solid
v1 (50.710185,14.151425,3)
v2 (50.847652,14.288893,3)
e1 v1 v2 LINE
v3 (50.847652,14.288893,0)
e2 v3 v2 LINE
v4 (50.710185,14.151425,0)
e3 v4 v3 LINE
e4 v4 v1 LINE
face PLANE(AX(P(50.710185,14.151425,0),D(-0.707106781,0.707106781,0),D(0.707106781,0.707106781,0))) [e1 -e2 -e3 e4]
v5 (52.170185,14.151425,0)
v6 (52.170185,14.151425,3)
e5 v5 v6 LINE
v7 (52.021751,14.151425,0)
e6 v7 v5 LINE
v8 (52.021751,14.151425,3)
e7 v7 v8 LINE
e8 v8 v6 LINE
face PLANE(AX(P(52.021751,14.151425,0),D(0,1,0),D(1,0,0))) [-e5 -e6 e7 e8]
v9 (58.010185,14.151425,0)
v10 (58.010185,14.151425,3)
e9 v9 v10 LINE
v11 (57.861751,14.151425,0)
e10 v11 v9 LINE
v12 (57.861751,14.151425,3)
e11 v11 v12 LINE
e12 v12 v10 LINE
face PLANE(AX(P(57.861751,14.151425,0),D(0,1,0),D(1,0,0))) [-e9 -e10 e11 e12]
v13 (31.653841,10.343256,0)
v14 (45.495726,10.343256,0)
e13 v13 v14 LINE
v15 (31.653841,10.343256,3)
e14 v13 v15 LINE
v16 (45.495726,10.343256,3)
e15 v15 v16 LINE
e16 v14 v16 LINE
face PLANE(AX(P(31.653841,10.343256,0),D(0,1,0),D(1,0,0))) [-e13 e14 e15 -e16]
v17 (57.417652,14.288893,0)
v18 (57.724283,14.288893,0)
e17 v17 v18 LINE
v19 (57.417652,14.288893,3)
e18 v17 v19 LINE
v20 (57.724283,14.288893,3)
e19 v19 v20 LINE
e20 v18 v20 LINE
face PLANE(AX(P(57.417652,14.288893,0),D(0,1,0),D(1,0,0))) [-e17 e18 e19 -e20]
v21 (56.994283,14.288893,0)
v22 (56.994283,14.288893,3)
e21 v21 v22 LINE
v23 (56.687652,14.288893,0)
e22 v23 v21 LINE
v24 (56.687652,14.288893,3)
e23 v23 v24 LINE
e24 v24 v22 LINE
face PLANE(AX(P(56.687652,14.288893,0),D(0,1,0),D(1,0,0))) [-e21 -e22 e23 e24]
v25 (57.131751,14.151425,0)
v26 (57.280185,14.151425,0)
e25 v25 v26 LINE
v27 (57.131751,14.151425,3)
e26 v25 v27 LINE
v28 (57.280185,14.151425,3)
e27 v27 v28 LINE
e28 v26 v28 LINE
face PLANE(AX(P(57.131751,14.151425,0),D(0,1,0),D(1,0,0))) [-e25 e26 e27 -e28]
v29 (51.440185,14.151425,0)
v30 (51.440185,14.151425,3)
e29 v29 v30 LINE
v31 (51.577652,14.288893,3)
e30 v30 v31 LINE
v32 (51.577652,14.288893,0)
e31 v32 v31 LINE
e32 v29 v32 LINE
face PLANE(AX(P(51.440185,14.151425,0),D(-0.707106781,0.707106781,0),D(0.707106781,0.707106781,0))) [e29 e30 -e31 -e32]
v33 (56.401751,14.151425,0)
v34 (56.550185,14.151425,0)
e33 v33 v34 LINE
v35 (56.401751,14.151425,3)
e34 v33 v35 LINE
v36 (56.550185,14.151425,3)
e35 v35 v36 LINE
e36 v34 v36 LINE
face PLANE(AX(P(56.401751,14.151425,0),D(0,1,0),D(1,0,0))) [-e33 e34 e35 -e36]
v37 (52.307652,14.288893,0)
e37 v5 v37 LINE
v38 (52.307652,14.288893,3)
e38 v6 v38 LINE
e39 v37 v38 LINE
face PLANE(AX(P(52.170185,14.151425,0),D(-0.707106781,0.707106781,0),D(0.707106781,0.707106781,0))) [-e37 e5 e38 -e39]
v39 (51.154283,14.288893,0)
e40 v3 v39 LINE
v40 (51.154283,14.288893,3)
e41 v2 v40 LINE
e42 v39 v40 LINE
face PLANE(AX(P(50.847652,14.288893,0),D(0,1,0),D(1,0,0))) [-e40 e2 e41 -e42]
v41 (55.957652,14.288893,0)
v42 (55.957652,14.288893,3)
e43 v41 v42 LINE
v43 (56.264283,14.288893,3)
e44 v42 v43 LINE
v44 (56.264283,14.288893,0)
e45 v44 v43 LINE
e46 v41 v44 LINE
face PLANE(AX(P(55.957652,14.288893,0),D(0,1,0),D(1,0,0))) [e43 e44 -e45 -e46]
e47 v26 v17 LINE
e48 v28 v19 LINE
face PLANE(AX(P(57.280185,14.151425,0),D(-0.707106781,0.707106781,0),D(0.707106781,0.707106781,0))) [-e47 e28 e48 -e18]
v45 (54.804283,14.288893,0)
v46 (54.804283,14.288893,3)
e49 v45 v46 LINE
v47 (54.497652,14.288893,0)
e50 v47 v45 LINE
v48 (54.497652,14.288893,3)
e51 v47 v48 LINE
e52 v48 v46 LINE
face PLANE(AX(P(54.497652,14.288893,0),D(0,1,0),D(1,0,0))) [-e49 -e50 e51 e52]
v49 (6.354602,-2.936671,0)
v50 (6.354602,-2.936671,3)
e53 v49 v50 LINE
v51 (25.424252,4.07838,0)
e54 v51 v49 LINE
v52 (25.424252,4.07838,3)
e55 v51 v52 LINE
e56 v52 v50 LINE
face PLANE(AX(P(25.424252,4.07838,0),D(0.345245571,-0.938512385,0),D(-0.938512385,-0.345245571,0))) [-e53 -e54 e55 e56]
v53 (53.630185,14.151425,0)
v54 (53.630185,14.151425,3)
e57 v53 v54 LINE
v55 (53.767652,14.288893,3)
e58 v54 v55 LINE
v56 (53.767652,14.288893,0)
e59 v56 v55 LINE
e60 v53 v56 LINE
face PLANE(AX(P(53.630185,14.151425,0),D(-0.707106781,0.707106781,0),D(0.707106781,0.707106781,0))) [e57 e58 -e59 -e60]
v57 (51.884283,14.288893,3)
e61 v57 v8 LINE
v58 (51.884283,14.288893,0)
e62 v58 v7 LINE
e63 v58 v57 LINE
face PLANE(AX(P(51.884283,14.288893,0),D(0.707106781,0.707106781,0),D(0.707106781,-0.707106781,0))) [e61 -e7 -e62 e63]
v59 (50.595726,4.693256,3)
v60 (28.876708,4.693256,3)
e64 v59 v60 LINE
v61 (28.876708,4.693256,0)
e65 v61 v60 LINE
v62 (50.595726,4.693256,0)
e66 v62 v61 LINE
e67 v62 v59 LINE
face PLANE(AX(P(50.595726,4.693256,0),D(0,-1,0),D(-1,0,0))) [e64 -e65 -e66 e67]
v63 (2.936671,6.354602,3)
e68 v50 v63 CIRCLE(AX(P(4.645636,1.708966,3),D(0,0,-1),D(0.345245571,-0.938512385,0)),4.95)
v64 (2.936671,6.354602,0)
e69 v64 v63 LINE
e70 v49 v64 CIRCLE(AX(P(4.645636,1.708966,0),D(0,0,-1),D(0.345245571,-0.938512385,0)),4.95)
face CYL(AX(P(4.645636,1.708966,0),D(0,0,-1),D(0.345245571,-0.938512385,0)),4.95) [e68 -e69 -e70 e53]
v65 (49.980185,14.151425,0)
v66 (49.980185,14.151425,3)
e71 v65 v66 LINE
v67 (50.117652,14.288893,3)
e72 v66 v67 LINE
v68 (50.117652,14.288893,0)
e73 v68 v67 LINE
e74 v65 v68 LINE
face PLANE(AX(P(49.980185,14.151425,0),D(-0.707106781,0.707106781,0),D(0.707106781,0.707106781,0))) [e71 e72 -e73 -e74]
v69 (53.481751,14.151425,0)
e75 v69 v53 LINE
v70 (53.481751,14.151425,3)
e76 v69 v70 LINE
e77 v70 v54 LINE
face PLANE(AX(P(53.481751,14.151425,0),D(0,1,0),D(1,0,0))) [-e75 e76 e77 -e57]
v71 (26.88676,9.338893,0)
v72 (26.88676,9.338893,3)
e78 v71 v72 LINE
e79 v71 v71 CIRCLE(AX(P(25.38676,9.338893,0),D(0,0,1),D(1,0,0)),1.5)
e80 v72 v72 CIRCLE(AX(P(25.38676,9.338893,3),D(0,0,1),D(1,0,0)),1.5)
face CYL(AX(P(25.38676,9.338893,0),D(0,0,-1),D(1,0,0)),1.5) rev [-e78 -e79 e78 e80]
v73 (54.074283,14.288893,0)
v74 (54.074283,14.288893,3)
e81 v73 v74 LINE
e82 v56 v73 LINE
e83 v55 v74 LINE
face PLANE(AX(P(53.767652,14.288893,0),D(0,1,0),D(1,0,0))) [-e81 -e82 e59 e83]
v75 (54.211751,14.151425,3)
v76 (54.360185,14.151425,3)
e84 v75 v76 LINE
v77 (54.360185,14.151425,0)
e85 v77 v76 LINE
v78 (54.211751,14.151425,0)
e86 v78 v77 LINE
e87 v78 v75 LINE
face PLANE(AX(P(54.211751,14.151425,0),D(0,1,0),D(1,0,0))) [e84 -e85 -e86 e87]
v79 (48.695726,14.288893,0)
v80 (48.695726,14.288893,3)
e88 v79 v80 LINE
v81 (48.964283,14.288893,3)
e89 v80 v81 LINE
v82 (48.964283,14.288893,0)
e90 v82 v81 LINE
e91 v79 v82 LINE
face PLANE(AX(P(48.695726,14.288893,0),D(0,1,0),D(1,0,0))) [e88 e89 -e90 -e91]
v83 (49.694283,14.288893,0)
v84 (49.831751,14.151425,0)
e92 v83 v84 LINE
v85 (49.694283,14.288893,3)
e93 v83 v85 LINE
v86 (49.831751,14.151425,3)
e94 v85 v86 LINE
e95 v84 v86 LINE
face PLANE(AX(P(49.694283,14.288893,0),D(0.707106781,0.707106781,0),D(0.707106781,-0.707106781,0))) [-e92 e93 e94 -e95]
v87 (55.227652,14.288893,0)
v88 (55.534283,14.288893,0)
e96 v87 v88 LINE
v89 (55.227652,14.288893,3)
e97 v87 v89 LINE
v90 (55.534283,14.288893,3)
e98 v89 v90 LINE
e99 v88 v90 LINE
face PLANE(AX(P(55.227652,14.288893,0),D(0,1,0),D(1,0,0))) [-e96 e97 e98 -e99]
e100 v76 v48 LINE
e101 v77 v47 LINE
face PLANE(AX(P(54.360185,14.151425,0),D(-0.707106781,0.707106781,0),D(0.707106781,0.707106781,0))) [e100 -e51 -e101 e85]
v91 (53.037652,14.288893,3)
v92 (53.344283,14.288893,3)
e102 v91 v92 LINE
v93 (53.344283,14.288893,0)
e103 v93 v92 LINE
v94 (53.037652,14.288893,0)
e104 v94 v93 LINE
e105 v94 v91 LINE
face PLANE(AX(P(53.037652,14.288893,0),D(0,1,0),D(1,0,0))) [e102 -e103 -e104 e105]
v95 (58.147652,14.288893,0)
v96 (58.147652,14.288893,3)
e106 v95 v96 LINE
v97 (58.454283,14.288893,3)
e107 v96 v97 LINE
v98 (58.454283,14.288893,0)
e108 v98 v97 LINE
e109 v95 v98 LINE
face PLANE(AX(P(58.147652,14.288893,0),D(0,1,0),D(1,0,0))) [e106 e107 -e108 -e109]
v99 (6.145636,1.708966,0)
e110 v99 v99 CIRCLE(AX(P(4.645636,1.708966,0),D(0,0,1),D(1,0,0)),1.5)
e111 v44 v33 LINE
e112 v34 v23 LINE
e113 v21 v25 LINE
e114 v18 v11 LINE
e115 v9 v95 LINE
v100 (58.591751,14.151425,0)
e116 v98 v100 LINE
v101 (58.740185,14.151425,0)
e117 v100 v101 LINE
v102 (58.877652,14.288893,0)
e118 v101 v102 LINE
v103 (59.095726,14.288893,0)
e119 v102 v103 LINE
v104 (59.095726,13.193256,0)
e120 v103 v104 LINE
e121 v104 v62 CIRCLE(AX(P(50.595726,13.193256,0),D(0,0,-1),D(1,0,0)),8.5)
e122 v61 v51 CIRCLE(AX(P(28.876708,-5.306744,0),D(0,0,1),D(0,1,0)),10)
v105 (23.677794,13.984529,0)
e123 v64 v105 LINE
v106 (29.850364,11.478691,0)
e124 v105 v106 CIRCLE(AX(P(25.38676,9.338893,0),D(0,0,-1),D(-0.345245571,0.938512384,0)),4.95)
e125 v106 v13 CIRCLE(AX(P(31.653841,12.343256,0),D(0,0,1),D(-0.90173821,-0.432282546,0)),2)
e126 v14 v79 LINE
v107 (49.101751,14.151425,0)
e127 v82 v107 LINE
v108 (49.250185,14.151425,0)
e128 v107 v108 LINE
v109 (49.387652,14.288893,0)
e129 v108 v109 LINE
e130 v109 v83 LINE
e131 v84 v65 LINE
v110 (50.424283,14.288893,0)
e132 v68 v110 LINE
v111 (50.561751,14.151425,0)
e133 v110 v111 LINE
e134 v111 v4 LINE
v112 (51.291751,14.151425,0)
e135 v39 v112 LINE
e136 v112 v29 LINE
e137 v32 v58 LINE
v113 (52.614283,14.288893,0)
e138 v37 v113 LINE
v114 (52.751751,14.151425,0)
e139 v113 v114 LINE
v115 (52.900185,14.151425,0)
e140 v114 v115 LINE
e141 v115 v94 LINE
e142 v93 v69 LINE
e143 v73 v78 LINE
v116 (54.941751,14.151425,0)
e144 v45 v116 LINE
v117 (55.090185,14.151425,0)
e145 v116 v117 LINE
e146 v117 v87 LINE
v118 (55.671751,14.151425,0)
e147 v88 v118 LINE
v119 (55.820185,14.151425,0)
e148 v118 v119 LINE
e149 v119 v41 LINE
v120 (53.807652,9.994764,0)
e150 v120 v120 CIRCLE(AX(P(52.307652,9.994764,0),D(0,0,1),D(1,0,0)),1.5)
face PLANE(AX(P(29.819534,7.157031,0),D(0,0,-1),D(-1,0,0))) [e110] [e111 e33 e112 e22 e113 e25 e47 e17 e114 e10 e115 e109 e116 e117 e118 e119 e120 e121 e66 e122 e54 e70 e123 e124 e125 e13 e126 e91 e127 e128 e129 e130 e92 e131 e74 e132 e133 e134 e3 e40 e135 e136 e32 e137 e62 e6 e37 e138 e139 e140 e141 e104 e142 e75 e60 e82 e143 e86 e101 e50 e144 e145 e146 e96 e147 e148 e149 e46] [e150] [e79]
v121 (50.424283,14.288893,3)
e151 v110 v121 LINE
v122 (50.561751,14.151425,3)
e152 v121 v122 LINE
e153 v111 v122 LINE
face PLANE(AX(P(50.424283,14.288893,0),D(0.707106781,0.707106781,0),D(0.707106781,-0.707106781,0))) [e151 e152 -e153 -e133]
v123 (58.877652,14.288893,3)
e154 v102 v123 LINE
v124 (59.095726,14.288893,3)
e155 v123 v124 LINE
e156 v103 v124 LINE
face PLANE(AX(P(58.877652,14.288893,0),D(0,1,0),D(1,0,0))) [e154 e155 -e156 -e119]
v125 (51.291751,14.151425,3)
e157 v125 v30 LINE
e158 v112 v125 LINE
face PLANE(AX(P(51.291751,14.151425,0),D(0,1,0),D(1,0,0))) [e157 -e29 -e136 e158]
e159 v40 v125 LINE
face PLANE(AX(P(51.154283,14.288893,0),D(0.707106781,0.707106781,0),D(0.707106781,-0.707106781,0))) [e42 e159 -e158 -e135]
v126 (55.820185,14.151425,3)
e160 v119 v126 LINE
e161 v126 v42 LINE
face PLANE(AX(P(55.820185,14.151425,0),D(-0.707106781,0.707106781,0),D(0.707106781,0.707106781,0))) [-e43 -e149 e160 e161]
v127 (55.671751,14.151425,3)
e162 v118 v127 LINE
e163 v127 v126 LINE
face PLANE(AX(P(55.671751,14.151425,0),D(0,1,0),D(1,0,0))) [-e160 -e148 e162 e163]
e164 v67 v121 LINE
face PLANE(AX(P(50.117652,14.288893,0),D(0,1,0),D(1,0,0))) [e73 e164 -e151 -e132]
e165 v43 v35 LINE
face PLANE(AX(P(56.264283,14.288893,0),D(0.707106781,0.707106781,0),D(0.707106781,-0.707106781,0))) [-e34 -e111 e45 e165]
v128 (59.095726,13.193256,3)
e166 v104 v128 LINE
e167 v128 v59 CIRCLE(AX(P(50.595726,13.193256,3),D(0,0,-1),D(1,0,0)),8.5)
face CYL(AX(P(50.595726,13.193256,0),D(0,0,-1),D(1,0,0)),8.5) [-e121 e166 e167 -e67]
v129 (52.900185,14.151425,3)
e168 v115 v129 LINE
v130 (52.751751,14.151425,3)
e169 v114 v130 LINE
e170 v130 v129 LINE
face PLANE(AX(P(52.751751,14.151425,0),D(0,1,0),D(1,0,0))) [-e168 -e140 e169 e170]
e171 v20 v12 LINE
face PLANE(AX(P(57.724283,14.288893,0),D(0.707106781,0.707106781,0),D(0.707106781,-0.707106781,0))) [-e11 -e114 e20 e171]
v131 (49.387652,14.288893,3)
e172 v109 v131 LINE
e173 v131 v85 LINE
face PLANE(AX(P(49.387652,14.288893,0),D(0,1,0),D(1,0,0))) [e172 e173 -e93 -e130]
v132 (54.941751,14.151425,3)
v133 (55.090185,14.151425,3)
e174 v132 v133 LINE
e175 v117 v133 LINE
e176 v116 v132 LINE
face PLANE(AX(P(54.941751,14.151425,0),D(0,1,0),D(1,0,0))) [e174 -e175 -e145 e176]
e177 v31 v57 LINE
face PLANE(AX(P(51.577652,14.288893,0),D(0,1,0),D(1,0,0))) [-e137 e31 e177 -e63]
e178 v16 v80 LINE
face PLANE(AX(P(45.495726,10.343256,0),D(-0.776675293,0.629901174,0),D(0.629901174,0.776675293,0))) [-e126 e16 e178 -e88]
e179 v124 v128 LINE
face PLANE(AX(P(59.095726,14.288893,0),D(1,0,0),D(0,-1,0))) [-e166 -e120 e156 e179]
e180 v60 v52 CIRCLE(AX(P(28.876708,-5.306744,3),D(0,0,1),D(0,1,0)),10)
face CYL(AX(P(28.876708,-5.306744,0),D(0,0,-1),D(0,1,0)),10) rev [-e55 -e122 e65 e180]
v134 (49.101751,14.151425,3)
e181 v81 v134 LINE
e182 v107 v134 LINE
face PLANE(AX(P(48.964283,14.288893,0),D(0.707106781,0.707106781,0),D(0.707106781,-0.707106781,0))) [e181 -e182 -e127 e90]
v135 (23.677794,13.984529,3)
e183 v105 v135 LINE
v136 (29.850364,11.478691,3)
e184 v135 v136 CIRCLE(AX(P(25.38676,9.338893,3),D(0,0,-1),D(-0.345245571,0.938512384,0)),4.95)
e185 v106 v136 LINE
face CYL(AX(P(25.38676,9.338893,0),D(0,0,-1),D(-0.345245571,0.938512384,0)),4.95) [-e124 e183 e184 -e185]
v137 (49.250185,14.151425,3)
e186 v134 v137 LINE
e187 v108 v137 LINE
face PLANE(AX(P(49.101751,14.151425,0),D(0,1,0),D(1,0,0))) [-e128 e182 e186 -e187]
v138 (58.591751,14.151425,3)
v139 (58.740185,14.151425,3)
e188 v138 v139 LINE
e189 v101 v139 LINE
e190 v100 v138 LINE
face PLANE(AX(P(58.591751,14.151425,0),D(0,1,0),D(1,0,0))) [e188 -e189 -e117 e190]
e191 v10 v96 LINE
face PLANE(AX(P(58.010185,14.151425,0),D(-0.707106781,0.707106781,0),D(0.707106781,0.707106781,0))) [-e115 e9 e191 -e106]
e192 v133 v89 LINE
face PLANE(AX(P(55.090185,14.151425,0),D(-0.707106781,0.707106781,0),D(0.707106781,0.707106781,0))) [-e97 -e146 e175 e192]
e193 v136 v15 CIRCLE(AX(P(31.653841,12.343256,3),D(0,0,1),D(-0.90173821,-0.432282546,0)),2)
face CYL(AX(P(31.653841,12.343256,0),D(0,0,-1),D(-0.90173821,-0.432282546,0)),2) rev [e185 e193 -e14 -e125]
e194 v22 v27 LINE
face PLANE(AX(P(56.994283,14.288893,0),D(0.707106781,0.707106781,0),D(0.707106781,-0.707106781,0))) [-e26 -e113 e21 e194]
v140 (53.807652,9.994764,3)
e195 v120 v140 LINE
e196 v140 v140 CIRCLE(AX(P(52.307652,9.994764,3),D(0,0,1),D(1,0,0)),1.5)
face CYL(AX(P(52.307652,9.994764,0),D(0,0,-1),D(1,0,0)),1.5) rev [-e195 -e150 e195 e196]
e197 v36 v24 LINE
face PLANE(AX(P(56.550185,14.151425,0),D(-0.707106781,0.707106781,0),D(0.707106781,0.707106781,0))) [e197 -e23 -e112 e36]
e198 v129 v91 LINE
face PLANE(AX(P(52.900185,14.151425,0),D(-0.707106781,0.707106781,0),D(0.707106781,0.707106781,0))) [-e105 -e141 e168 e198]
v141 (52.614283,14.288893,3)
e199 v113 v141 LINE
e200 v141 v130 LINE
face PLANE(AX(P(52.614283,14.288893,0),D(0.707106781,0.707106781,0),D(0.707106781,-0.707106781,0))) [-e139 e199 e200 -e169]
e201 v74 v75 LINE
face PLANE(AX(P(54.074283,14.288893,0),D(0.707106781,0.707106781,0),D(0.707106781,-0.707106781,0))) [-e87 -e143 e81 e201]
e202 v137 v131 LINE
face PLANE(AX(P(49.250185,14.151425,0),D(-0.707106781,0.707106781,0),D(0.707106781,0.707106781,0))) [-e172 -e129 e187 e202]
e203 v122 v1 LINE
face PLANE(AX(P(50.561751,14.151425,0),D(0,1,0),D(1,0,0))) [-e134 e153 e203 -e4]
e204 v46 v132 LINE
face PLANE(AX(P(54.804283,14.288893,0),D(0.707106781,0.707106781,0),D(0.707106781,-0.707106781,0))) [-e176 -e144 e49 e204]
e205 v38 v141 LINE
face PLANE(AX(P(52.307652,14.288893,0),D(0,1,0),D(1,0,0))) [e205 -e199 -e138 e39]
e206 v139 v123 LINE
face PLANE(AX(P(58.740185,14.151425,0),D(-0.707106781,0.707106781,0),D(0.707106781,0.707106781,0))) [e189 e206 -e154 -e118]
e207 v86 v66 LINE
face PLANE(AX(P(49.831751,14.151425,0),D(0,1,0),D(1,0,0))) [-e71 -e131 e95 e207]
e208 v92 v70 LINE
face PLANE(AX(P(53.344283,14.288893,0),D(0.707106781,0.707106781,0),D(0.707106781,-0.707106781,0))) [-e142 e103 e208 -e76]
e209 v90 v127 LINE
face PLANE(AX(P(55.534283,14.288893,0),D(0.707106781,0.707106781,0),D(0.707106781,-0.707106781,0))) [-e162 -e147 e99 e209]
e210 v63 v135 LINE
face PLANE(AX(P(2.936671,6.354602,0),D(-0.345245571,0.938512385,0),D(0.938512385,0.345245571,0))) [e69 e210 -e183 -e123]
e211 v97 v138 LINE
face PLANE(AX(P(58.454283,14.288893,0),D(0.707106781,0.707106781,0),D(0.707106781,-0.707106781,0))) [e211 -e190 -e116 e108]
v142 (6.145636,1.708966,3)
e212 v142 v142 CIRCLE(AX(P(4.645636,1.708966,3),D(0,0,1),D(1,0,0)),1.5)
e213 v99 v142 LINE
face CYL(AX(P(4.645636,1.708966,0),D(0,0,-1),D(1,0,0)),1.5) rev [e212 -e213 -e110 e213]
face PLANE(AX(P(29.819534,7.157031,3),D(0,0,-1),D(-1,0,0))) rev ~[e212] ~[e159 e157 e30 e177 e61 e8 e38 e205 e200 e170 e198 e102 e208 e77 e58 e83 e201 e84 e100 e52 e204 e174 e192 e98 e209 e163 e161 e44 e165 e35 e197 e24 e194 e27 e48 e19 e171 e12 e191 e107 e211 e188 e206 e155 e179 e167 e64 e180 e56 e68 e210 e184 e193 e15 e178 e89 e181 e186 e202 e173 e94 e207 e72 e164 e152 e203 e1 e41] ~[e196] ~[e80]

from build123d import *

# Parameters (mm, degrees)
SKETCH2_R           = 1.5
BOSS_EXTRUDE1_DEPTH = 3


with BuildPart() as part:
    # Sketch2 → Boss-Extrude1 (new body)
    with BuildSketch(Plane.XY):
        with BuildLine():
            Line((2.936670729, 6.354601878), (23.677794427, 13.984528989))
            ThreePointArc((23.677794427, 13.984528989), (27.248698254, 13.925360384), (29.850364144, 11.47869129))
            ThreePointArc((29.850364144, 11.47869129), (30.588272685, 10.65075377), (31.653840565, 10.343256382))
            Line((31.653840565, 10.343256382), (45.495725577, 10.343256382))
            Line((45.495725577, 10.343256382), (48.695725577, 14.288892686))
            Line((48.695725577, 14.288892686), (48.964283059, 14.288892686))
            Line((48.964283059, 14.288892686), (49.101750655, 14.15142509))
            Line((49.101750655, 14.15142509), (49.250184878, 14.15142509))
            Line((49.250184878, 14.15142509), (49.387652474, 14.288892686))
            Line((49.387652474, 14.288892686), (49.694283059, 14.288892686))
            Line((49.694283059, 14.288892686), (49.831750655, 14.15142509))
            Line((49.831750655, 14.15142509), (49.980184878, 14.15142509))
            Line((49.980184878, 14.15142509), (50.117652474, 14.288892686))
            Line((50.117652474, 14.288892686), (50.424283059, 14.288892686))
            Line((50.424283059, 14.288892686), (50.561750655, 14.15142509))
            Line((50.561750655, 14.15142509), (50.710184878, 14.15142509))
            Line((50.710184878, 14.15142509), (50.847652474, 14.288892686))
            Line((50.847652474, 14.288892686), (51.154283059, 14.288892686))
            Line((51.154283059, 14.288892686), (51.291750655, 14.15142509))
            Line((51.291750655, 14.15142509), (51.440184878, 14.15142509))
            Line((51.440184878, 14.15142509), (51.577652474, 14.288892686))
            Line((51.577652474, 14.288892686), (51.884283059, 14.288892686))
            Line((51.884283059, 14.288892686), (52.021750655, 14.15142509))
            Line((52.021750655, 14.15142509), (52.170184878, 14.15142509))
            Line((52.170184878, 14.15142509), (52.307652474, 14.288892686))
            Line((52.307652474, 14.288892686), (52.614283059, 14.288892686))
            Line((52.614283059, 14.288892686), (52.751750655, 14.15142509))
            Line((52.751750655, 14.15142509), (52.900184878, 14.15142509))
            Line((52.900184878, 14.15142509), (53.037652474, 14.288892686))
            Line((53.037652474, 14.288892686), (53.344283059, 14.288892686))
            Line((53.344283059, 14.288892686), (53.481750655, 14.15142509))
            Line((53.481750655, 14.15142509), (53.630184878, 14.15142509))
            Line((53.630184878, 14.15142509), (53.767652474, 14.288892686))
            Line((53.767652474, 14.288892686), (54.074283059, 14.288892686))
            Line((54.074283059, 14.288892686), (54.211750655, 14.15142509))
            Line((54.211750655, 14.15142509), (54.360184878, 14.15142509))
            Line((54.360184878, 14.15142509), (54.497652474, 14.288892686))
            Line((54.497652474, 14.288892686), (54.804283059, 14.288892686))
            Line((54.804283059, 14.288892686), (54.941750655, 14.15142509))
            Line((54.941750655, 14.15142509), (55.090184878, 14.15142509))
            Line((55.090184878, 14.15142509), (55.227652474, 14.288892686))
            Line((55.227652474, 14.288892686), (55.534283059, 14.288892686))
            Line((55.534283059, 14.288892686), (55.671750655, 14.15142509))
            Line((55.671750655, 14.15142509), (55.820184878, 14.15142509))
            Line((55.820184878, 14.15142509), (55.957652474, 14.288892686))
            Line((55.957652474, 14.288892686), (56.264283059, 14.288892686))
            Line((56.264283059, 14.288892686), (56.401750655, 14.15142509))
            Line((56.401750655, 14.15142509), (56.550184878, 14.15142509))
            Line((56.550184878, 14.15142509), (56.687652474, 14.288892686))
            Line((56.687652474, 14.288892686), (56.994283059, 14.288892686))
            Line((56.994283059, 14.288892686), (57.131750655, 14.15142509))
            Line((57.131750655, 14.15142509), (57.280184878, 14.15142509))
            Line((57.280184878, 14.15142509), (57.417652474, 14.288892686))
            Line((57.417652474, 14.288892686), (57.724283059, 14.288892686))
            Line((57.724283059, 14.288892686), (57.861750655, 14.15142509))
            Line((57.861750655, 14.15142509), (58.010184878, 14.15142509))
            Line((58.010184878, 14.15142509), (58.147652474, 14.288892686))
            Line((58.147652474, 14.288892686), (58.454283059, 14.288892686))
            Line((58.454283059, 14.288892686), (58.591750655, 14.15142509))
            Line((58.591750655, 14.15142509), (58.740184878, 14.15142509))
            Line((58.740184878, 14.15142509), (58.877652474, 14.288892686))
            Line((58.877652474, 14.288892686), (59.095725577, 14.288892686))
            Line((59.095725577, 14.288892686), (59.095725577, 13.193256382))
            ThreePointArc((59.095725577, 13.193256382), (56.606133217, 7.182848742), (50.595725577, 4.693256382))
            Line((50.595725577, 4.693256382), (28.876707599, 4.693256382))
            ThreePointArc((28.876707599, 4.693256382), (27.123316378, 4.538337348), (25.424251892, 4.078380228))
            Line((25.424251892, 4.078380228), (6.354601878, -2.936670729))
            ThreePointArc((6.354601878, -2.936670729), (0, 0), (2.936670729, 6.354601878))
        make_face()
        with Locations((4.645636304, 1.708965575)):
            Circle(SKETCH2_R, mode=Mode.SUBTRACT)
        with Locations((25.386760002, 9.338892686)):
            Circle(SKETCH2_R, mode=Mode.SUBTRACT)
        with Locations((52.307652474, 9.994763619)):
            Circle(SKETCH2_R, mode=Mode.SUBTRACT)
    extrude(amount=BOSS_EXTRUDE1_DEPTH)


solid = part.part
